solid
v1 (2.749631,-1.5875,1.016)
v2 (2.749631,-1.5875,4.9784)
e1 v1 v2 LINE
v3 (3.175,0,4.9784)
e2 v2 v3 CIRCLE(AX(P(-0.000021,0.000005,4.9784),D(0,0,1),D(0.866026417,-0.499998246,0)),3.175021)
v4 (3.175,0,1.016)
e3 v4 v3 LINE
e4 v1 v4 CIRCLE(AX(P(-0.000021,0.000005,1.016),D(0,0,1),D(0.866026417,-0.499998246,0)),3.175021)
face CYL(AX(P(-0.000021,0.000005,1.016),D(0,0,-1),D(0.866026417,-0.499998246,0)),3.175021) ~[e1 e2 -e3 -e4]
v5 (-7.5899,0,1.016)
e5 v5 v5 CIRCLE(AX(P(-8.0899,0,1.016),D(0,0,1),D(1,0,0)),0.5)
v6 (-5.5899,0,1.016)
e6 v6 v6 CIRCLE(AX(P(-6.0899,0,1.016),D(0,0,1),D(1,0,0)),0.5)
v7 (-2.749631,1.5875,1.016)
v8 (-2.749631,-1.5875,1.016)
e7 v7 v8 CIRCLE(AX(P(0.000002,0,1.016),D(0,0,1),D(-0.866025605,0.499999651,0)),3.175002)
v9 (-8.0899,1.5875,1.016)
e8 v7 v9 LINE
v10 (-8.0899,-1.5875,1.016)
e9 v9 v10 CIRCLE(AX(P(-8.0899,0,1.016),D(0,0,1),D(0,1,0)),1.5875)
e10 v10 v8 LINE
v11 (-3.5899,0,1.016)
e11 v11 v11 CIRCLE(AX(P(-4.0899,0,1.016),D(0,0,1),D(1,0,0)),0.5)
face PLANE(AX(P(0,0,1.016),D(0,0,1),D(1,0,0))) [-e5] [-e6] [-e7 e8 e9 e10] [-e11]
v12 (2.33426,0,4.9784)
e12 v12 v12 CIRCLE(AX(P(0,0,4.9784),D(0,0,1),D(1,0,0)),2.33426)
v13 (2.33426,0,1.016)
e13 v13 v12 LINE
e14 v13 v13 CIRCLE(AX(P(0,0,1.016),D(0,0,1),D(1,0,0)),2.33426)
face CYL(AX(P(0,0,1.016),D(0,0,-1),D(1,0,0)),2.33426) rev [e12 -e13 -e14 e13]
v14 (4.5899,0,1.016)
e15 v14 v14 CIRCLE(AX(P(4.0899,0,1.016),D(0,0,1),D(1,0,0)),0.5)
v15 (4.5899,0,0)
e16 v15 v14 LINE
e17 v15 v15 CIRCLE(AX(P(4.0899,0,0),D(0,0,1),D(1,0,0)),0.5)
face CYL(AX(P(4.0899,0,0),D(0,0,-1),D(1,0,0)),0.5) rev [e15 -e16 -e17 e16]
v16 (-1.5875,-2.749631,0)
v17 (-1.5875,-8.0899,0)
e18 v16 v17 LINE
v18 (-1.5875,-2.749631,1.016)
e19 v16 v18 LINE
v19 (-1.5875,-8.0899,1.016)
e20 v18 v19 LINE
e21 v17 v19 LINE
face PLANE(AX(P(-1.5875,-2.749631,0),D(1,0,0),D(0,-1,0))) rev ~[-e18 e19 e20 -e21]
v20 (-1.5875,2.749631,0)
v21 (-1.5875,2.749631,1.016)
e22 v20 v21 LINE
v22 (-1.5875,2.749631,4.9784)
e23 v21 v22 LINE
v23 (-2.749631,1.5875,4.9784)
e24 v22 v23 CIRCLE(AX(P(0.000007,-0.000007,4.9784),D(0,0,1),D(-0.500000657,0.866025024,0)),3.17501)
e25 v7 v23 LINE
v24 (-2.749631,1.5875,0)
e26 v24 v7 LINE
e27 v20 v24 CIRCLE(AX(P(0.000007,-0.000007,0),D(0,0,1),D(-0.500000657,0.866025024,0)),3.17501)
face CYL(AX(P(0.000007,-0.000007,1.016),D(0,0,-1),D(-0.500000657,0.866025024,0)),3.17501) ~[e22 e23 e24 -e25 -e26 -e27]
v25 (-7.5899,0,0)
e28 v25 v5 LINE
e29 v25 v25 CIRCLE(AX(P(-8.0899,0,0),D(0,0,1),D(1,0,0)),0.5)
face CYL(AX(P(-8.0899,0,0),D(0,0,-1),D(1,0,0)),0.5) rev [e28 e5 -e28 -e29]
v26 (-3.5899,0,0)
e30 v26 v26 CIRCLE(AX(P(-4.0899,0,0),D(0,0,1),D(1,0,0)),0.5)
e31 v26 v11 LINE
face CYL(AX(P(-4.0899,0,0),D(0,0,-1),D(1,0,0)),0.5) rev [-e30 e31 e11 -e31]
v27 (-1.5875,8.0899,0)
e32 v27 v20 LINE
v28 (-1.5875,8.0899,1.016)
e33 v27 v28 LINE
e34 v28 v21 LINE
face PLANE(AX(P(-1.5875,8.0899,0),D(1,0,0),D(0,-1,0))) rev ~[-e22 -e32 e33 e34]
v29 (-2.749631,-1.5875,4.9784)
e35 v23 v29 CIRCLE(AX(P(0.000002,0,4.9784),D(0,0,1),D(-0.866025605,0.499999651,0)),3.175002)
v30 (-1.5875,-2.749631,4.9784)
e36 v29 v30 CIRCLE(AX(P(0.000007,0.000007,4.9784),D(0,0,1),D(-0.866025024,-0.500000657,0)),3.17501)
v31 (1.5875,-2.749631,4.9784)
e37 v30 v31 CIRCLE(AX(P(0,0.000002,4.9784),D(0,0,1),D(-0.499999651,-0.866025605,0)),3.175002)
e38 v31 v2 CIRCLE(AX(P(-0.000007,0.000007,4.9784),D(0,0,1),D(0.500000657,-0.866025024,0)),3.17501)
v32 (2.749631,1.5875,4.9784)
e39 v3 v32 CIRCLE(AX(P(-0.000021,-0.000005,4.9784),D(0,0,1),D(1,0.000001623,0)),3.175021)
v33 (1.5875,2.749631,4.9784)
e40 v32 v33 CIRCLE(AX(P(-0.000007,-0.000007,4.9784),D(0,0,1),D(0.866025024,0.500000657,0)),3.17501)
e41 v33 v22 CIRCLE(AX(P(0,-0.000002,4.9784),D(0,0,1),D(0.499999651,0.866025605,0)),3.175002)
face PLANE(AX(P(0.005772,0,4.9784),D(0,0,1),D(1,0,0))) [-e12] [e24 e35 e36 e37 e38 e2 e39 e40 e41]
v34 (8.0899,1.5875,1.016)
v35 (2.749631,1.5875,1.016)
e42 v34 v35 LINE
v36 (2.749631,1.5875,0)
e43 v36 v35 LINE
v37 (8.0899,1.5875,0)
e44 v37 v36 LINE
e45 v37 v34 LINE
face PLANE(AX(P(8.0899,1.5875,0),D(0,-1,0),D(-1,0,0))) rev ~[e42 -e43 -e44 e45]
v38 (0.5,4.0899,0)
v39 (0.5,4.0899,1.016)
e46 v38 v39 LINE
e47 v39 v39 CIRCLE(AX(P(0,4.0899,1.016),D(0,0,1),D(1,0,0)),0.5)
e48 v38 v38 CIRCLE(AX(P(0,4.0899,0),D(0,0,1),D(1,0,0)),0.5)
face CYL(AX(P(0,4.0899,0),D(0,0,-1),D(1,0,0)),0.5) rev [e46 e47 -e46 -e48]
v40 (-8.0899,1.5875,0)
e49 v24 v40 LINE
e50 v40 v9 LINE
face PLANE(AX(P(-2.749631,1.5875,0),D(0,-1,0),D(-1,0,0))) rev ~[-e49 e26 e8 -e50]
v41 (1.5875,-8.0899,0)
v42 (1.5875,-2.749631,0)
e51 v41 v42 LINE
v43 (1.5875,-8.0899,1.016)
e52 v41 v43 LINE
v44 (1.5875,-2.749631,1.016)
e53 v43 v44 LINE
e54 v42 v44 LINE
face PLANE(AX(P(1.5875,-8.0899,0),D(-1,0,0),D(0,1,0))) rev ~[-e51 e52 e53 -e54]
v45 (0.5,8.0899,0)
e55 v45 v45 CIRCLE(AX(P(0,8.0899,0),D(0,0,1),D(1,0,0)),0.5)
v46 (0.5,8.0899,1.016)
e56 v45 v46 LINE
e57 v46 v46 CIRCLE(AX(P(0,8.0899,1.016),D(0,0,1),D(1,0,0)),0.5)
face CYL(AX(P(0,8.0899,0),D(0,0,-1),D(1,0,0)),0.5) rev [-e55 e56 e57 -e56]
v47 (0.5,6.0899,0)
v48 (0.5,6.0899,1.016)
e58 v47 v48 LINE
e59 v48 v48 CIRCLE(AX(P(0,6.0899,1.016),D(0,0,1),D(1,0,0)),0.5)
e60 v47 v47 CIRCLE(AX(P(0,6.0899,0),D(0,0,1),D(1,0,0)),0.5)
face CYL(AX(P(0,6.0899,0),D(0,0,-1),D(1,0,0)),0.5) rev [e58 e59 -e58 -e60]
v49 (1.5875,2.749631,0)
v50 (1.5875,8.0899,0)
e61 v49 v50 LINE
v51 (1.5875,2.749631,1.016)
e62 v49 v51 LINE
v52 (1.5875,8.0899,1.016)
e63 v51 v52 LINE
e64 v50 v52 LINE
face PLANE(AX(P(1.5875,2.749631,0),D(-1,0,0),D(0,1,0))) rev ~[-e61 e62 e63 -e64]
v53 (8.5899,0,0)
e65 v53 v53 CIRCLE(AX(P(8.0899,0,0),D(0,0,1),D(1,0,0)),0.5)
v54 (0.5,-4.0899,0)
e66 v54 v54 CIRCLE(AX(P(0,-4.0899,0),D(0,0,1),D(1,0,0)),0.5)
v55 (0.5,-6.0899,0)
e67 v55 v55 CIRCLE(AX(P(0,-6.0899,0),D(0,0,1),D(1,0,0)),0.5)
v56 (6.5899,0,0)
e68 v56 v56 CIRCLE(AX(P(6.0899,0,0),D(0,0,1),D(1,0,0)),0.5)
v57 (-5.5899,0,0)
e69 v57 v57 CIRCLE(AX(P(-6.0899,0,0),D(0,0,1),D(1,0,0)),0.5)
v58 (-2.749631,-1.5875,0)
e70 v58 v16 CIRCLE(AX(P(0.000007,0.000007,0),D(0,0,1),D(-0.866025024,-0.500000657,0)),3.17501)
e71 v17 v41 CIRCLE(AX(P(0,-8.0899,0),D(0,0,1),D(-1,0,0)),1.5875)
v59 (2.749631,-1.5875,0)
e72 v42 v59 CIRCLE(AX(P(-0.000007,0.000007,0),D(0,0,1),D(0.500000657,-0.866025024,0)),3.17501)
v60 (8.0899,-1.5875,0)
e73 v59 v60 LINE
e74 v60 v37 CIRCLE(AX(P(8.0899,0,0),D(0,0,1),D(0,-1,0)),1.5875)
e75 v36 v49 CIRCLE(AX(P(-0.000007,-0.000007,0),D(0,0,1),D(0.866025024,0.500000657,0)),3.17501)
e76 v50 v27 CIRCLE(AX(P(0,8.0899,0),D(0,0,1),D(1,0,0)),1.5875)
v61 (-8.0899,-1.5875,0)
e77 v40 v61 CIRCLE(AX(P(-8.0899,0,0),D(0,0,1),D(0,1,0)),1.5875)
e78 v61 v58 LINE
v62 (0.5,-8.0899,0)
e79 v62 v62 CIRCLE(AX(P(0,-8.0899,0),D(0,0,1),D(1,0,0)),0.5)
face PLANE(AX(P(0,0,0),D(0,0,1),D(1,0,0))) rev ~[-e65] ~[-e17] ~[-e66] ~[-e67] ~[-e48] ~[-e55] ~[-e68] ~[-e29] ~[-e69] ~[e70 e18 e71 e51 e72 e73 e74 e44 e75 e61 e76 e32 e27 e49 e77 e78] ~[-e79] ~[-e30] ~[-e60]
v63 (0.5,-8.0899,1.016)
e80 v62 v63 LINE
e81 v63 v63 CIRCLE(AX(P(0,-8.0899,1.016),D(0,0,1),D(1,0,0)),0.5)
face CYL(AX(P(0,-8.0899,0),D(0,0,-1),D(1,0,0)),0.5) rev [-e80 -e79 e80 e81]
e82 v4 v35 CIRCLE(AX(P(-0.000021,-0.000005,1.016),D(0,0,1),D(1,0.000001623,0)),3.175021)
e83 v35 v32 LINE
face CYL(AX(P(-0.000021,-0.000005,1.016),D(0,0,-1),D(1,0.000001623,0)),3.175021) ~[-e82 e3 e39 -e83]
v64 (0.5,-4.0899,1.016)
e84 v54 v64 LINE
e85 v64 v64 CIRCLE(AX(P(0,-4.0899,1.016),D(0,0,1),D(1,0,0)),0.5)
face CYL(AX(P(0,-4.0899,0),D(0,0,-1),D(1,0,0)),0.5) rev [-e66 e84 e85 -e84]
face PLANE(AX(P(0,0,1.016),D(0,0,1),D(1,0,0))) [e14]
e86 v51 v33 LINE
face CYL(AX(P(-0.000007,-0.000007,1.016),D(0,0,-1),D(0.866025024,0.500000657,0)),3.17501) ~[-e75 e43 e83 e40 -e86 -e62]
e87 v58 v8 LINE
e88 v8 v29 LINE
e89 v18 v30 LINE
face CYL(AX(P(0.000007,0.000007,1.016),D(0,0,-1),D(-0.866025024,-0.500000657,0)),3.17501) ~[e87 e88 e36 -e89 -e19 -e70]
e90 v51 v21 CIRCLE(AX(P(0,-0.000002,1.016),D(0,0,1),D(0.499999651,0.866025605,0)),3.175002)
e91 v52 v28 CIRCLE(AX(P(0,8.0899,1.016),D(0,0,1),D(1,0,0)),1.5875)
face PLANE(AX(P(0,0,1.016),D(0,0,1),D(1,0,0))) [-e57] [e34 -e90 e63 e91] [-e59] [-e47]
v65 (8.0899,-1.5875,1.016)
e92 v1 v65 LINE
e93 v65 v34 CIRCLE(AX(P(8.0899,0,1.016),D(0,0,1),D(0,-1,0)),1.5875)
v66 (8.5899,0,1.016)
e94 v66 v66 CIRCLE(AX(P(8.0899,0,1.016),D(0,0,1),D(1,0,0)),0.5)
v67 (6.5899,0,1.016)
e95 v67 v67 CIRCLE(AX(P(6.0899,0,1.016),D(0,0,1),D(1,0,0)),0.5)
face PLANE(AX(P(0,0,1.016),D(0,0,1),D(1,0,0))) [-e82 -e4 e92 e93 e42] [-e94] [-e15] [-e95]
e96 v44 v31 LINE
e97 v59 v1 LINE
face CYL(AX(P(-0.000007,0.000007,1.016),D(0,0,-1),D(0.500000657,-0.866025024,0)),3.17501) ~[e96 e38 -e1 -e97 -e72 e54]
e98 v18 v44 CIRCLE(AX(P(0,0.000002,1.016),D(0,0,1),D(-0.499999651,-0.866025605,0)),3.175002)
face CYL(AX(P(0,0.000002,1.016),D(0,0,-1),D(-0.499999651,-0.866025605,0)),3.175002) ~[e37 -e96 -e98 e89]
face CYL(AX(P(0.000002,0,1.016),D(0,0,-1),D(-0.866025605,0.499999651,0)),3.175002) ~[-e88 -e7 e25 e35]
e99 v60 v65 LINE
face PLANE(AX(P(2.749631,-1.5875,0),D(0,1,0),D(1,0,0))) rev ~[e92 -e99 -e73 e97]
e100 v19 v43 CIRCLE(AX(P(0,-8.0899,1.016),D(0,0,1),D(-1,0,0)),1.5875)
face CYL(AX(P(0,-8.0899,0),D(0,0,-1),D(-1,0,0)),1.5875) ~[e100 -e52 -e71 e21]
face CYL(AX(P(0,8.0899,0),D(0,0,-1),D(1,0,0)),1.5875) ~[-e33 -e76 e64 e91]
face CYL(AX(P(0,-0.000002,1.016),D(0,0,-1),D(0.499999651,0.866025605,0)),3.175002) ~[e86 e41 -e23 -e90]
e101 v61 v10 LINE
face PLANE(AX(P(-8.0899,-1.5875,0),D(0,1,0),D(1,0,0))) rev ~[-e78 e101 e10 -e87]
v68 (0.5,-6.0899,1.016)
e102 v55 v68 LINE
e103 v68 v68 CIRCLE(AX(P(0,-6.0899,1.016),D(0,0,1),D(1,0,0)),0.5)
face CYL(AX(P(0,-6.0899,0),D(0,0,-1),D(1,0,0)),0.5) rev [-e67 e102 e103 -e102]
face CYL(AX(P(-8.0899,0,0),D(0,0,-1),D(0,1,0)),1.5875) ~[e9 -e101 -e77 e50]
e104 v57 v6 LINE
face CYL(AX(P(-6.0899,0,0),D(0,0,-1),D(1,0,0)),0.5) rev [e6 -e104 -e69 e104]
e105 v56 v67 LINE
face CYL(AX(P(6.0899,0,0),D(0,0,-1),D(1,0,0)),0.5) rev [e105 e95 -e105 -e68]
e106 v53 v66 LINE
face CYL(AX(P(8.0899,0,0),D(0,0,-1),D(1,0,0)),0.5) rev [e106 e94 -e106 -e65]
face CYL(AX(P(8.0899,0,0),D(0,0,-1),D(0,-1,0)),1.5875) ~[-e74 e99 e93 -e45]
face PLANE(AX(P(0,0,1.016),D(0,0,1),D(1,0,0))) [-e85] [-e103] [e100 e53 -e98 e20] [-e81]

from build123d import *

# Parameters (mm, degrees)
F0_R     = 0.5
F1_DEPTH = 1.016
F2_R     = 2.33426
F3_DEPTH = 3.9624


with BuildPart() as f1:
    # F0 (on Top) → F1 (new body)
    with BuildSketch(Plane.XY):
        with BuildLine():
            Line((1.5875, 2.749631), (1.5875, 8.0899))
            ThreePointArc((1.5875, 8.0899), (0, 9.6774), (-1.5875, 8.0899))
            Line((-1.5875, 8.0899), (-1.5875, 2.749631))
            ThreePointArc((-1.5875, 2.749631), (-2.245064, 2.245064), (-2.749631, 1.5875))
            Line((-2.749631, 1.5875), (-8.0899, 1.5875))
            ThreePointArc((-8.0899, 1.5875), (-9.6774, 0), (-8.0899, -1.5875))
            Line((-8.0899, -1.5875), (-2.749631, -1.5875))
            ThreePointArc((-2.749631, -1.5875), (-2.245064, -2.245064), (-1.5875, -2.749631))
            Line((-1.5875, -2.749631), (-1.5875, -8.0899))
            ThreePointArc((-1.5875, -8.0899), (0, -9.6774), (1.5875, -8.0899))
            Line((1.5875, -8.0899), (1.5875, -2.749631))
            ThreePointArc((1.5875, -2.749631), (2.245064, -2.245064), (2.749631, -1.5875))
            Line((2.749631, -1.5875), (8.0899, -1.5875))
            ThreePointArc((8.0899, -1.5875), (9.6774, 0), (8.0899, 1.5875))
            Line((8.0899, 1.5875), (2.749631, 1.5875))
            ThreePointArc((2.749631, 1.5875), (2.245064, 2.245064), (1.5875, 2.749631))
        make_face()
        with Locations((0, -8.0899)):
            Circle(F0_R, mode=Mode.SUBTRACT)
        with Locations((0, -6.0899)):
            Circle(F0_R, mode=Mode.SUBTRACT)
        with Locations((-8.0899, 0)):
            Circle(F0_R, mode=Mode.SUBTRACT)
        with Locations((-6.0899, 0)):
            Circle(F0_R, mode=Mode.SUBTRACT)
        with Locations((0, -4.0899)):
            Circle(F0_R, mode=Mode.SUBTRACT)
        with Locations((-4.0899, 0)):
            Circle(F0_R, mode=Mode.SUBTRACT)
        with Locations((4.0899, 0)):
            Circle(F0_R, mode=Mode.SUBTRACT)
        with Locations((6.0899, 0)):
            Circle(F0_R, mode=Mode.SUBTRACT)
        with Locations((8.0899, 0)):
            Circle(F0_R, mode=Mode.SUBTRACT)
        with Locations((0, 4.0899)):
            Circle(F0_R, mode=Mode.SUBTRACT)
        with Locations((0, 6.0899)):
            Circle(F0_R, mode=Mode.SUBTRACT)
        with Locations((0, 8.0899)):
            Circle(F0_R, mode=Mode.SUBTRACT)
    extrude(amount=F1_DEPTH)

    # F2 (on face) → F3 (join)
    with BuildSketch(Plane.XY.offset(1.016)):
        with BuildLine():
            ThreePointArc((2.749631, -1.5875), (3.066814, -0.82175), (3.175, 0))
            ThreePointArc((3.175, 0), (3.066814, 0.82175), (2.749631, 1.5875))
            ThreePointArc((2.749631, 1.5875), (2.245064, 2.245064), (1.5875, 2.749631))
            ThreePointArc((1.5875, 2.749631), (0, 3.175), (-1.5875, 2.749631))
            ThreePointArc((-1.5875, 2.749631), (-2.245064, 2.245064), (-2.749631, 1.5875))
            ThreePointArc((-2.749631, 1.5875), (-3.175, 0), (-2.749631, -1.5875))
            ThreePointArc((-2.749631, -1.5875), (-2.245064, -2.245064), (-1.5875, -2.749631))
            ThreePointArc((-1.5875, -2.749631), (0, -3.175), (1.5875, -2.749631))
            ThreePointArc((1.5875, -2.749631), (2.245064, -2.245064), (2.749631, -1.5875))
        make_face()
        Circle(F2_R, mode=Mode.SUBTRACT)
    extrude(amount=F3_DEPTH)


solid = f1.part
